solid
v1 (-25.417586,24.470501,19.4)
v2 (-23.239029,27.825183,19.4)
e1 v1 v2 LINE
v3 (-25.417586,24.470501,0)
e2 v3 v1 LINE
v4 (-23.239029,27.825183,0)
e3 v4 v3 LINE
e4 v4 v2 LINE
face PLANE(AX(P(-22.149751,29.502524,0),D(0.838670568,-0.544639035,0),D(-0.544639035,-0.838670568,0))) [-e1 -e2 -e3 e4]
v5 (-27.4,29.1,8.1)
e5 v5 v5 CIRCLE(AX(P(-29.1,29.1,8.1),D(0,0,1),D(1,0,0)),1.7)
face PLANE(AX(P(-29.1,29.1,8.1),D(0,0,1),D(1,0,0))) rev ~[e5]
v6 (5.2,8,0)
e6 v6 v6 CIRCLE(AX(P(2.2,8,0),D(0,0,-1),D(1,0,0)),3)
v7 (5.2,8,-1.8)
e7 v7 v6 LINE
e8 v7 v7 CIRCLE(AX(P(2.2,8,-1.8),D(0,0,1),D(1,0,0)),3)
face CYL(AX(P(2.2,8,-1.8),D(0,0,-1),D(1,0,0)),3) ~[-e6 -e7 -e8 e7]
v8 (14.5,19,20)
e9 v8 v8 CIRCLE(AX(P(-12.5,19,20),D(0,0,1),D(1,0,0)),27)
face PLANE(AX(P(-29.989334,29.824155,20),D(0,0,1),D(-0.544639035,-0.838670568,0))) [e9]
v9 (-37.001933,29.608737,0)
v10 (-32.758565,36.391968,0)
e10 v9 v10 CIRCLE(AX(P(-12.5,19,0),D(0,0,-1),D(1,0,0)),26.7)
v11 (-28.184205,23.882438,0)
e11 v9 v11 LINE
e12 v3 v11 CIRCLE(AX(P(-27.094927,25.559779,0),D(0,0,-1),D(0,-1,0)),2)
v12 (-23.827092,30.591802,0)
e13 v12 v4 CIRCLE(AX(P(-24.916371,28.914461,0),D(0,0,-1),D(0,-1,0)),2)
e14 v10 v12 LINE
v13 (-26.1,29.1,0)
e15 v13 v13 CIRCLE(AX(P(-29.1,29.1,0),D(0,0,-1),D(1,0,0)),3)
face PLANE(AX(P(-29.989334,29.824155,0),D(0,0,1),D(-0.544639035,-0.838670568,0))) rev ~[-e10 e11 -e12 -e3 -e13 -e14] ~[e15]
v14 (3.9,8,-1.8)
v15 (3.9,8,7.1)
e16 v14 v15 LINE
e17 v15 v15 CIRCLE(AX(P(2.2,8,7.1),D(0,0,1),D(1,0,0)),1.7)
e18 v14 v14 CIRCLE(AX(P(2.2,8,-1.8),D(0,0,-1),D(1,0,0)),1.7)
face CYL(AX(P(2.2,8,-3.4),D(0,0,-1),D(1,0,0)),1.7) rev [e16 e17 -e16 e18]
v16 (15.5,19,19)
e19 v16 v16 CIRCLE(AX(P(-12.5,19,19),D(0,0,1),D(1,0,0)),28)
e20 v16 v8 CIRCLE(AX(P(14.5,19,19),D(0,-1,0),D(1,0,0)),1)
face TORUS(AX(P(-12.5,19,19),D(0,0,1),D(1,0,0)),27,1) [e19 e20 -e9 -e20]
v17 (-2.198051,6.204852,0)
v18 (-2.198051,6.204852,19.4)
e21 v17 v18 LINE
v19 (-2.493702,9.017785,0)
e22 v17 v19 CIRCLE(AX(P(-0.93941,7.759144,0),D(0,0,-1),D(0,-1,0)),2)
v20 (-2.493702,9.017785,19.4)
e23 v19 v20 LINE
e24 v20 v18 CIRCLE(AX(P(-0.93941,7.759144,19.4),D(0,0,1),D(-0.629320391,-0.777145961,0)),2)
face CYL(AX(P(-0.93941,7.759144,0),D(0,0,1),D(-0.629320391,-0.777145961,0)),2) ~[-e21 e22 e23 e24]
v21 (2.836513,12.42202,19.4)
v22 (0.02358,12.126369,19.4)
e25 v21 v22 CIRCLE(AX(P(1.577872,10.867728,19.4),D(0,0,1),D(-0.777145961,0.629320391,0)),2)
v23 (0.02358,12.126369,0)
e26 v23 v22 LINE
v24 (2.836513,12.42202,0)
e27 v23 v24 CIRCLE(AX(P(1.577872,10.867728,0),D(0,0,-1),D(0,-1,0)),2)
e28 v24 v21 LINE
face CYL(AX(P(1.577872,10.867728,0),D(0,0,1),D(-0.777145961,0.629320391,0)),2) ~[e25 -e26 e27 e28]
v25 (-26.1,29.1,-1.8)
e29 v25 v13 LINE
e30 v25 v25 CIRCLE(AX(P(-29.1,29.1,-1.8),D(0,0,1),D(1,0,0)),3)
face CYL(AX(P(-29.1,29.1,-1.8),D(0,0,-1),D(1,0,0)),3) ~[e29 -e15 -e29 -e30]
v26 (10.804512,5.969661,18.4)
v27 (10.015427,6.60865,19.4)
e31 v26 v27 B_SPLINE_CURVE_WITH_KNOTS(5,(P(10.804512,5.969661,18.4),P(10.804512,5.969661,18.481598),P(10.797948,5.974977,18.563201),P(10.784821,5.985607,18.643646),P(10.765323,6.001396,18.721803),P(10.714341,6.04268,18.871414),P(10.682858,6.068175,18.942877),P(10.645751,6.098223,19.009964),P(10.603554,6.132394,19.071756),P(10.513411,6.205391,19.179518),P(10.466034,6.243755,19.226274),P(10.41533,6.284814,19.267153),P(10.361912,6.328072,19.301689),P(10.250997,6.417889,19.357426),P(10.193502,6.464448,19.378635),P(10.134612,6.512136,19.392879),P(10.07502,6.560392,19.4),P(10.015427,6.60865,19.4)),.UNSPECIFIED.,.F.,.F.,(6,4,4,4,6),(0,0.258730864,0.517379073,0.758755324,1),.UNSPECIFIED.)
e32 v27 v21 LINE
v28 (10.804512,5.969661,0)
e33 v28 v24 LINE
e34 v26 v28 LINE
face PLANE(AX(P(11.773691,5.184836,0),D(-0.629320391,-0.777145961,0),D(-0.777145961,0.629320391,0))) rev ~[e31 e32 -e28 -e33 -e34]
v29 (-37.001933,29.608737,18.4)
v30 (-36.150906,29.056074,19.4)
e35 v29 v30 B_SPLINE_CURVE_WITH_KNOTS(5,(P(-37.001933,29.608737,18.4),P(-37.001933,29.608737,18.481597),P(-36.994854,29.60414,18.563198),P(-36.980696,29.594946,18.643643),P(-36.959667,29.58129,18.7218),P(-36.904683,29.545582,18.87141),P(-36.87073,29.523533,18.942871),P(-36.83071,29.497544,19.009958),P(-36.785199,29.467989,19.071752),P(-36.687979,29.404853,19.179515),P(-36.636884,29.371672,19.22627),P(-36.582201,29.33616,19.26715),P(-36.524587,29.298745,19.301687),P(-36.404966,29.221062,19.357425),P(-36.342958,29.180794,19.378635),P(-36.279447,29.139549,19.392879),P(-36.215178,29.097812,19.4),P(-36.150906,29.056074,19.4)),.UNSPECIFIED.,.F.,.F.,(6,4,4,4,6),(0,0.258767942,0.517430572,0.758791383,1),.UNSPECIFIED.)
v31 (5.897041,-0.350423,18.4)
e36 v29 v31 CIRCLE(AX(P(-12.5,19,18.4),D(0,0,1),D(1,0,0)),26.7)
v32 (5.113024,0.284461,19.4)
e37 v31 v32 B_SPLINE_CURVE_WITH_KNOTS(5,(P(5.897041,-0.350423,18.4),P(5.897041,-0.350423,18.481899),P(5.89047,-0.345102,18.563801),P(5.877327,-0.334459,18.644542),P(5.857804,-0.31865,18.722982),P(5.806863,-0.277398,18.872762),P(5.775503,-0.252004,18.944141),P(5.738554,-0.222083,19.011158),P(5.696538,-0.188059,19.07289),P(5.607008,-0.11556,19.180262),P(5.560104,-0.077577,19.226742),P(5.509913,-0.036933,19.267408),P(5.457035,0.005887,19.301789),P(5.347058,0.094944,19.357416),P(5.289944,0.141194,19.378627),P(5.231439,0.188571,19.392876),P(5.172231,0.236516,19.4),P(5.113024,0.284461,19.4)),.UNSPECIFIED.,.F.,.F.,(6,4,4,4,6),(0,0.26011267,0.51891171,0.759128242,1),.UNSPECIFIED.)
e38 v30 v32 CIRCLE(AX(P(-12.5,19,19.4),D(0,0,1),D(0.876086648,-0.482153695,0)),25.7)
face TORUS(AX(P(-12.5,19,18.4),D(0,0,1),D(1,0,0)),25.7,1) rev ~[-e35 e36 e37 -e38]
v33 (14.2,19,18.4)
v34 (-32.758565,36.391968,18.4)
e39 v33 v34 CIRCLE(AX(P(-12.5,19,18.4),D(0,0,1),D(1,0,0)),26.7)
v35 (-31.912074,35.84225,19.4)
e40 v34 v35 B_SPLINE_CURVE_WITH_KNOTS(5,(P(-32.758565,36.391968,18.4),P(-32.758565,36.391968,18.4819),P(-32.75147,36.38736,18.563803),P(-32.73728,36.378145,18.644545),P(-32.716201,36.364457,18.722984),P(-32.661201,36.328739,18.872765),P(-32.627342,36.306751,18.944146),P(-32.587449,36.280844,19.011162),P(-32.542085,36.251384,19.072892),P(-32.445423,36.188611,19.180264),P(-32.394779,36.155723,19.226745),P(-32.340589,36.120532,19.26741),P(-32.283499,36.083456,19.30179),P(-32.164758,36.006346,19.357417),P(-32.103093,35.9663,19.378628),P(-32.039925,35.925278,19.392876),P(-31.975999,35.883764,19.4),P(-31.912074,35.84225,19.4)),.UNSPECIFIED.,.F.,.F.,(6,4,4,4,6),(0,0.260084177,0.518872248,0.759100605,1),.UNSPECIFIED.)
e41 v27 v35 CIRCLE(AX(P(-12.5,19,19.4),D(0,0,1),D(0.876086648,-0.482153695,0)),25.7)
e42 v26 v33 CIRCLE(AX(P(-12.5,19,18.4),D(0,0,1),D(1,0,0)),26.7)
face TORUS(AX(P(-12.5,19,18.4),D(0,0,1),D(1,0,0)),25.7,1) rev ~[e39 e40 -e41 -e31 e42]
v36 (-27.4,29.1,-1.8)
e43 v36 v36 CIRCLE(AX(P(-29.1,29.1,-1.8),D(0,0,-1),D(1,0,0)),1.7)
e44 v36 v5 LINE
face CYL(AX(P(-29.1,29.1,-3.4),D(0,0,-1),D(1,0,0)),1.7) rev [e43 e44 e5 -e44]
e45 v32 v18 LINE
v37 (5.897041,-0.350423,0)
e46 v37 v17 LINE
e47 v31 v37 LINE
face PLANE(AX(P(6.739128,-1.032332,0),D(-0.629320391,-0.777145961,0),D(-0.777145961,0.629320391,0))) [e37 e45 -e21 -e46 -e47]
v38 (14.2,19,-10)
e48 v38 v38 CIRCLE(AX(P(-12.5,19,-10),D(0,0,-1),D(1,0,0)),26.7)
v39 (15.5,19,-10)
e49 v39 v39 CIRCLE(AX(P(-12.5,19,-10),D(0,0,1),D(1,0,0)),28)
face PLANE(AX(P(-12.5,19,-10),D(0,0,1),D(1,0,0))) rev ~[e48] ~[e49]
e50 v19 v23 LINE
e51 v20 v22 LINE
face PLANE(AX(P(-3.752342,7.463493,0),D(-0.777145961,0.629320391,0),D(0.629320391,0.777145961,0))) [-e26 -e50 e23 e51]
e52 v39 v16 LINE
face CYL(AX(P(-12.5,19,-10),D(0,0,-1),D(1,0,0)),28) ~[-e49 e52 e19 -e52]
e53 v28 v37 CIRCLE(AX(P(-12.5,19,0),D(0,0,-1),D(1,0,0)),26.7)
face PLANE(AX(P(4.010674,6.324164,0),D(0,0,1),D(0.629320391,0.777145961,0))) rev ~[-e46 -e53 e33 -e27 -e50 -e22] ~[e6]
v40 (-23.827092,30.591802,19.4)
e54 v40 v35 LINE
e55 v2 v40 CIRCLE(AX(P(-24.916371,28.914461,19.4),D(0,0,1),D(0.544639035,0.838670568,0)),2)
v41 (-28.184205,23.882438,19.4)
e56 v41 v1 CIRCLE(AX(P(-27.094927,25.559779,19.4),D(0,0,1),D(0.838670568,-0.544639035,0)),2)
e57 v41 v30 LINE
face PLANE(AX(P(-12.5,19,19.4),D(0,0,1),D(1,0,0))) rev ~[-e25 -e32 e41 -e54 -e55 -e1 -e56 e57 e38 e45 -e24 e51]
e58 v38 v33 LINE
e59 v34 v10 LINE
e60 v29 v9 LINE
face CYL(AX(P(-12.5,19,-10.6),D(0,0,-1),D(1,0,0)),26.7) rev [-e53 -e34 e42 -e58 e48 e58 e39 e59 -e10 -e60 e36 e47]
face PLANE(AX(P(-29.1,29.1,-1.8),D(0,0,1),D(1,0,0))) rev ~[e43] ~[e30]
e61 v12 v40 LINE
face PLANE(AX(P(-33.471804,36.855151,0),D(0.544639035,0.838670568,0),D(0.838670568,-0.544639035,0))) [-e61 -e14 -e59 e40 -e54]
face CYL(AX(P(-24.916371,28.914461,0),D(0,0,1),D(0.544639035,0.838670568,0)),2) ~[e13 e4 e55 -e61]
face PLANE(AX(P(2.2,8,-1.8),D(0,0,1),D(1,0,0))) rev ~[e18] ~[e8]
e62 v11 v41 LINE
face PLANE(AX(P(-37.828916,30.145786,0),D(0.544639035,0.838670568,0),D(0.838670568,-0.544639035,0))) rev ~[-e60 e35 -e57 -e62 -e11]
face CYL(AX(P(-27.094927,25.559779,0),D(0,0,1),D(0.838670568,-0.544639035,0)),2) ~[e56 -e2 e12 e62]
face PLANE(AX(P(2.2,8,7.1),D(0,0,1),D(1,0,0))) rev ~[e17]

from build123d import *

# Parameters (mm, degrees)
CYLINDER027_R          = 1.7
CYLINDER027_DEPTH      = 10.5
CYLINDER026_R          = 1.7
CYLINDER026_DEPTH      = 11.5
CYLINDER018_R          = 26.7
CYLINDER018_DEPTH      = 30
CYLINDER019_R          = 28
CYLINDER019_DEPTH      = 30
FILLET001_R            = 1
BOX001_W               = 8
BOX001_H               = 13.5
BOX001_DEPTH           = 20
BOX001_PLACEMENT_ANGLE = 237
FILLET004_1_R          = 2.5
FILLET004_2_R          = 2
CYLINDER021_R          = 3
CYLINDER021_DEPTH      = 5.5
CYLINDER020_R          = 3
CYLINDER020_DEPTH      = 5.5
BOX_W                  = 8
BOX_H                  = 13.5
BOX_DEPTH              = 20
BOX_PLACEMENT_ANGLE    = 51
FILLET003_1_R          = 2.5
FILLET003_2_R          = 2


with BuildPart() as vaciado_tope012:
    # Cylinder027 → Cylinder027 (new body)
    with BuildSketch(Plane(origin=(2.2, 8, -3.4), x_dir=(1, 0, 0), z_dir=(0, 0, 1))):
        Circle(CYLINDER027_R)
    extrude(amount=CYLINDER027_DEPTH)


with BuildPart() as vaciados_de_m3:
    # Cylinder026 → Cylinder026 (new body)
    with BuildSketch(Plane(origin=(-29.1, 29.1, -3.4), x_dir=(1, 0, 0), z_dir=(0, 0, 1))):
        Circle(CYLINDER026_R)
    extrude(amount=CYLINDER026_DEPTH)

    # Fusion007: union vaciado tope012
    add(vaciado_tope012.part)


with BuildPart() as base_exterior_vaciado001:
    # Cylinder018 → Cylinder018 (new body)
    with BuildSketch(Plane(origin=(-12.5, 19, -10.6), x_dir=(1, 0, 0), z_dir=(0, 0, 1))):
        Circle(CYLINDER018_R)
    extrude(amount=CYLINDER018_DEPTH)


with BuildPart() as base:
    # Cylinder019 → Cylinder019 (new body)
    with BuildSketch(Plane(origin=(-12.5, 19, -10), x_dir=(1, 0, 0), z_dir=(0, 0, 1))):
        Circle(CYLINDER019_R)
    extrude(amount=CYLINDER019_DEPTH)

    # Cut011: cut base exterior vaciado001
    add(base_exterior_vaciado001.part, mode=Mode.SUBTRACT)

    # Fillet001
    fillet001_edges = [base.edges().sort_by_distance(p)[0] for p in [
        (-40.5, 19, 20),
        (-39.2, 19, 19.4),
    ]]
    fillet(fillet001_edges, radius=FILLET001_R)


with BuildPart() as fijacion002:
    # Box001 → Box001 (new body)
    with BuildSketch(Plane.XY):
        with Locations((4, 6.75)):
            Rectangle(BOX001_W, BOX001_H)
    extrude(amount=BOX001_DEPTH)


with BuildPart() as fijacion002_1:
    # Box001 placement: moved
    add(fijacion002.part.moved(Location((-33.471804, 36.855151, 0))).rotate(Axis((-33.471804, 36.855151, 0), (0, 0, 1)), BOX001_PLACEMENT_ANGLE))

    # Fillet004 1
    fillet004_1_edges = [fijacion002_1.edges().sort_by_distance(p)[0] for p in [
        (-35.65036, 33.500468, 20),
    ]]
    fillet(fillet004_1_edges, radius=FILLET004_1_R)

    # Fillet004 2
    fillet004_2_edges = [fijacion002_1.edges().sort_by_distance(p)[0] for p in [
        (-22.149751, 29.502524, 10),
        (-26.506863, 22.793159, 10),
    ]]
    fillet(fillet004_2_edges, radius=FILLET004_2_R)


with BuildPart() as tope010:
    # Cylinder021 → Cylinder021 (new body)
    with BuildSketch(Plane(origin=(-29.1, 29.1, -1.8), x_dir=(1, 0, 0), z_dir=(0, 0, 1))):
        Circle(CYLINDER021_R)
    extrude(amount=CYLINDER021_DEPTH)


with BuildPart() as tope009:
    # Cylinder020 → Cylinder020 (new body)
    with BuildSketch(Plane(origin=(2.2, 8, -1.8), x_dir=(1, 0, 0), z_dir=(0, 0, 1))):
        Circle(CYLINDER020_R)
    extrude(amount=CYLINDER020_DEPTH)


with BuildPart() as base_v10_final:
    # Box → Box (new body)
    with BuildSketch(Plane.XY):
        with Locations((4, 6.75)):
            Rectangle(BOX_W, BOX_H)
    extrude(amount=BOX_DEPTH)


with BuildPart() as base_v10_final_1:
    # Box placement: moved
    add(base_v10_final.part.moved(Location((6.739128, -1.032332, 0))).rotate(Axis((6.739128, -1.032332, 0), (0, 0, 1)), BOX_PLACEMENT_ANGLE))

    # Fillet003 1
    fillet003_1_edges = [base_v10_final_1.edges().sort_by_distance(p)[0] for p in [
        (9.256409, 2.076252, 20),
    ]]
    fillet(fillet003_1_edges, radius=FILLET003_1_R)

    # Fillet003 2
    fillet003_2_edges = [base_v10_final_1.edges().sort_by_distance(p)[0] for p in [
        (-3.752343, 7.463494, 10),
        (1.282221, 13.680661, 10),
    ]]
    fillet(fillet003_2_edges, radius=FILLET003_2_R)

    # Fusion006: union base, fijacion002, Tope010, Tope009
    add(base.part)
    add(fijacion002_1.part)
    add(tope010.part)
    add(tope009.part)

    # Cut019: cut vaciados de M3
    add(vaciados_de_m3.part, mode=Mode.SUBTRACT)


solid = base_v10_final_1.part
